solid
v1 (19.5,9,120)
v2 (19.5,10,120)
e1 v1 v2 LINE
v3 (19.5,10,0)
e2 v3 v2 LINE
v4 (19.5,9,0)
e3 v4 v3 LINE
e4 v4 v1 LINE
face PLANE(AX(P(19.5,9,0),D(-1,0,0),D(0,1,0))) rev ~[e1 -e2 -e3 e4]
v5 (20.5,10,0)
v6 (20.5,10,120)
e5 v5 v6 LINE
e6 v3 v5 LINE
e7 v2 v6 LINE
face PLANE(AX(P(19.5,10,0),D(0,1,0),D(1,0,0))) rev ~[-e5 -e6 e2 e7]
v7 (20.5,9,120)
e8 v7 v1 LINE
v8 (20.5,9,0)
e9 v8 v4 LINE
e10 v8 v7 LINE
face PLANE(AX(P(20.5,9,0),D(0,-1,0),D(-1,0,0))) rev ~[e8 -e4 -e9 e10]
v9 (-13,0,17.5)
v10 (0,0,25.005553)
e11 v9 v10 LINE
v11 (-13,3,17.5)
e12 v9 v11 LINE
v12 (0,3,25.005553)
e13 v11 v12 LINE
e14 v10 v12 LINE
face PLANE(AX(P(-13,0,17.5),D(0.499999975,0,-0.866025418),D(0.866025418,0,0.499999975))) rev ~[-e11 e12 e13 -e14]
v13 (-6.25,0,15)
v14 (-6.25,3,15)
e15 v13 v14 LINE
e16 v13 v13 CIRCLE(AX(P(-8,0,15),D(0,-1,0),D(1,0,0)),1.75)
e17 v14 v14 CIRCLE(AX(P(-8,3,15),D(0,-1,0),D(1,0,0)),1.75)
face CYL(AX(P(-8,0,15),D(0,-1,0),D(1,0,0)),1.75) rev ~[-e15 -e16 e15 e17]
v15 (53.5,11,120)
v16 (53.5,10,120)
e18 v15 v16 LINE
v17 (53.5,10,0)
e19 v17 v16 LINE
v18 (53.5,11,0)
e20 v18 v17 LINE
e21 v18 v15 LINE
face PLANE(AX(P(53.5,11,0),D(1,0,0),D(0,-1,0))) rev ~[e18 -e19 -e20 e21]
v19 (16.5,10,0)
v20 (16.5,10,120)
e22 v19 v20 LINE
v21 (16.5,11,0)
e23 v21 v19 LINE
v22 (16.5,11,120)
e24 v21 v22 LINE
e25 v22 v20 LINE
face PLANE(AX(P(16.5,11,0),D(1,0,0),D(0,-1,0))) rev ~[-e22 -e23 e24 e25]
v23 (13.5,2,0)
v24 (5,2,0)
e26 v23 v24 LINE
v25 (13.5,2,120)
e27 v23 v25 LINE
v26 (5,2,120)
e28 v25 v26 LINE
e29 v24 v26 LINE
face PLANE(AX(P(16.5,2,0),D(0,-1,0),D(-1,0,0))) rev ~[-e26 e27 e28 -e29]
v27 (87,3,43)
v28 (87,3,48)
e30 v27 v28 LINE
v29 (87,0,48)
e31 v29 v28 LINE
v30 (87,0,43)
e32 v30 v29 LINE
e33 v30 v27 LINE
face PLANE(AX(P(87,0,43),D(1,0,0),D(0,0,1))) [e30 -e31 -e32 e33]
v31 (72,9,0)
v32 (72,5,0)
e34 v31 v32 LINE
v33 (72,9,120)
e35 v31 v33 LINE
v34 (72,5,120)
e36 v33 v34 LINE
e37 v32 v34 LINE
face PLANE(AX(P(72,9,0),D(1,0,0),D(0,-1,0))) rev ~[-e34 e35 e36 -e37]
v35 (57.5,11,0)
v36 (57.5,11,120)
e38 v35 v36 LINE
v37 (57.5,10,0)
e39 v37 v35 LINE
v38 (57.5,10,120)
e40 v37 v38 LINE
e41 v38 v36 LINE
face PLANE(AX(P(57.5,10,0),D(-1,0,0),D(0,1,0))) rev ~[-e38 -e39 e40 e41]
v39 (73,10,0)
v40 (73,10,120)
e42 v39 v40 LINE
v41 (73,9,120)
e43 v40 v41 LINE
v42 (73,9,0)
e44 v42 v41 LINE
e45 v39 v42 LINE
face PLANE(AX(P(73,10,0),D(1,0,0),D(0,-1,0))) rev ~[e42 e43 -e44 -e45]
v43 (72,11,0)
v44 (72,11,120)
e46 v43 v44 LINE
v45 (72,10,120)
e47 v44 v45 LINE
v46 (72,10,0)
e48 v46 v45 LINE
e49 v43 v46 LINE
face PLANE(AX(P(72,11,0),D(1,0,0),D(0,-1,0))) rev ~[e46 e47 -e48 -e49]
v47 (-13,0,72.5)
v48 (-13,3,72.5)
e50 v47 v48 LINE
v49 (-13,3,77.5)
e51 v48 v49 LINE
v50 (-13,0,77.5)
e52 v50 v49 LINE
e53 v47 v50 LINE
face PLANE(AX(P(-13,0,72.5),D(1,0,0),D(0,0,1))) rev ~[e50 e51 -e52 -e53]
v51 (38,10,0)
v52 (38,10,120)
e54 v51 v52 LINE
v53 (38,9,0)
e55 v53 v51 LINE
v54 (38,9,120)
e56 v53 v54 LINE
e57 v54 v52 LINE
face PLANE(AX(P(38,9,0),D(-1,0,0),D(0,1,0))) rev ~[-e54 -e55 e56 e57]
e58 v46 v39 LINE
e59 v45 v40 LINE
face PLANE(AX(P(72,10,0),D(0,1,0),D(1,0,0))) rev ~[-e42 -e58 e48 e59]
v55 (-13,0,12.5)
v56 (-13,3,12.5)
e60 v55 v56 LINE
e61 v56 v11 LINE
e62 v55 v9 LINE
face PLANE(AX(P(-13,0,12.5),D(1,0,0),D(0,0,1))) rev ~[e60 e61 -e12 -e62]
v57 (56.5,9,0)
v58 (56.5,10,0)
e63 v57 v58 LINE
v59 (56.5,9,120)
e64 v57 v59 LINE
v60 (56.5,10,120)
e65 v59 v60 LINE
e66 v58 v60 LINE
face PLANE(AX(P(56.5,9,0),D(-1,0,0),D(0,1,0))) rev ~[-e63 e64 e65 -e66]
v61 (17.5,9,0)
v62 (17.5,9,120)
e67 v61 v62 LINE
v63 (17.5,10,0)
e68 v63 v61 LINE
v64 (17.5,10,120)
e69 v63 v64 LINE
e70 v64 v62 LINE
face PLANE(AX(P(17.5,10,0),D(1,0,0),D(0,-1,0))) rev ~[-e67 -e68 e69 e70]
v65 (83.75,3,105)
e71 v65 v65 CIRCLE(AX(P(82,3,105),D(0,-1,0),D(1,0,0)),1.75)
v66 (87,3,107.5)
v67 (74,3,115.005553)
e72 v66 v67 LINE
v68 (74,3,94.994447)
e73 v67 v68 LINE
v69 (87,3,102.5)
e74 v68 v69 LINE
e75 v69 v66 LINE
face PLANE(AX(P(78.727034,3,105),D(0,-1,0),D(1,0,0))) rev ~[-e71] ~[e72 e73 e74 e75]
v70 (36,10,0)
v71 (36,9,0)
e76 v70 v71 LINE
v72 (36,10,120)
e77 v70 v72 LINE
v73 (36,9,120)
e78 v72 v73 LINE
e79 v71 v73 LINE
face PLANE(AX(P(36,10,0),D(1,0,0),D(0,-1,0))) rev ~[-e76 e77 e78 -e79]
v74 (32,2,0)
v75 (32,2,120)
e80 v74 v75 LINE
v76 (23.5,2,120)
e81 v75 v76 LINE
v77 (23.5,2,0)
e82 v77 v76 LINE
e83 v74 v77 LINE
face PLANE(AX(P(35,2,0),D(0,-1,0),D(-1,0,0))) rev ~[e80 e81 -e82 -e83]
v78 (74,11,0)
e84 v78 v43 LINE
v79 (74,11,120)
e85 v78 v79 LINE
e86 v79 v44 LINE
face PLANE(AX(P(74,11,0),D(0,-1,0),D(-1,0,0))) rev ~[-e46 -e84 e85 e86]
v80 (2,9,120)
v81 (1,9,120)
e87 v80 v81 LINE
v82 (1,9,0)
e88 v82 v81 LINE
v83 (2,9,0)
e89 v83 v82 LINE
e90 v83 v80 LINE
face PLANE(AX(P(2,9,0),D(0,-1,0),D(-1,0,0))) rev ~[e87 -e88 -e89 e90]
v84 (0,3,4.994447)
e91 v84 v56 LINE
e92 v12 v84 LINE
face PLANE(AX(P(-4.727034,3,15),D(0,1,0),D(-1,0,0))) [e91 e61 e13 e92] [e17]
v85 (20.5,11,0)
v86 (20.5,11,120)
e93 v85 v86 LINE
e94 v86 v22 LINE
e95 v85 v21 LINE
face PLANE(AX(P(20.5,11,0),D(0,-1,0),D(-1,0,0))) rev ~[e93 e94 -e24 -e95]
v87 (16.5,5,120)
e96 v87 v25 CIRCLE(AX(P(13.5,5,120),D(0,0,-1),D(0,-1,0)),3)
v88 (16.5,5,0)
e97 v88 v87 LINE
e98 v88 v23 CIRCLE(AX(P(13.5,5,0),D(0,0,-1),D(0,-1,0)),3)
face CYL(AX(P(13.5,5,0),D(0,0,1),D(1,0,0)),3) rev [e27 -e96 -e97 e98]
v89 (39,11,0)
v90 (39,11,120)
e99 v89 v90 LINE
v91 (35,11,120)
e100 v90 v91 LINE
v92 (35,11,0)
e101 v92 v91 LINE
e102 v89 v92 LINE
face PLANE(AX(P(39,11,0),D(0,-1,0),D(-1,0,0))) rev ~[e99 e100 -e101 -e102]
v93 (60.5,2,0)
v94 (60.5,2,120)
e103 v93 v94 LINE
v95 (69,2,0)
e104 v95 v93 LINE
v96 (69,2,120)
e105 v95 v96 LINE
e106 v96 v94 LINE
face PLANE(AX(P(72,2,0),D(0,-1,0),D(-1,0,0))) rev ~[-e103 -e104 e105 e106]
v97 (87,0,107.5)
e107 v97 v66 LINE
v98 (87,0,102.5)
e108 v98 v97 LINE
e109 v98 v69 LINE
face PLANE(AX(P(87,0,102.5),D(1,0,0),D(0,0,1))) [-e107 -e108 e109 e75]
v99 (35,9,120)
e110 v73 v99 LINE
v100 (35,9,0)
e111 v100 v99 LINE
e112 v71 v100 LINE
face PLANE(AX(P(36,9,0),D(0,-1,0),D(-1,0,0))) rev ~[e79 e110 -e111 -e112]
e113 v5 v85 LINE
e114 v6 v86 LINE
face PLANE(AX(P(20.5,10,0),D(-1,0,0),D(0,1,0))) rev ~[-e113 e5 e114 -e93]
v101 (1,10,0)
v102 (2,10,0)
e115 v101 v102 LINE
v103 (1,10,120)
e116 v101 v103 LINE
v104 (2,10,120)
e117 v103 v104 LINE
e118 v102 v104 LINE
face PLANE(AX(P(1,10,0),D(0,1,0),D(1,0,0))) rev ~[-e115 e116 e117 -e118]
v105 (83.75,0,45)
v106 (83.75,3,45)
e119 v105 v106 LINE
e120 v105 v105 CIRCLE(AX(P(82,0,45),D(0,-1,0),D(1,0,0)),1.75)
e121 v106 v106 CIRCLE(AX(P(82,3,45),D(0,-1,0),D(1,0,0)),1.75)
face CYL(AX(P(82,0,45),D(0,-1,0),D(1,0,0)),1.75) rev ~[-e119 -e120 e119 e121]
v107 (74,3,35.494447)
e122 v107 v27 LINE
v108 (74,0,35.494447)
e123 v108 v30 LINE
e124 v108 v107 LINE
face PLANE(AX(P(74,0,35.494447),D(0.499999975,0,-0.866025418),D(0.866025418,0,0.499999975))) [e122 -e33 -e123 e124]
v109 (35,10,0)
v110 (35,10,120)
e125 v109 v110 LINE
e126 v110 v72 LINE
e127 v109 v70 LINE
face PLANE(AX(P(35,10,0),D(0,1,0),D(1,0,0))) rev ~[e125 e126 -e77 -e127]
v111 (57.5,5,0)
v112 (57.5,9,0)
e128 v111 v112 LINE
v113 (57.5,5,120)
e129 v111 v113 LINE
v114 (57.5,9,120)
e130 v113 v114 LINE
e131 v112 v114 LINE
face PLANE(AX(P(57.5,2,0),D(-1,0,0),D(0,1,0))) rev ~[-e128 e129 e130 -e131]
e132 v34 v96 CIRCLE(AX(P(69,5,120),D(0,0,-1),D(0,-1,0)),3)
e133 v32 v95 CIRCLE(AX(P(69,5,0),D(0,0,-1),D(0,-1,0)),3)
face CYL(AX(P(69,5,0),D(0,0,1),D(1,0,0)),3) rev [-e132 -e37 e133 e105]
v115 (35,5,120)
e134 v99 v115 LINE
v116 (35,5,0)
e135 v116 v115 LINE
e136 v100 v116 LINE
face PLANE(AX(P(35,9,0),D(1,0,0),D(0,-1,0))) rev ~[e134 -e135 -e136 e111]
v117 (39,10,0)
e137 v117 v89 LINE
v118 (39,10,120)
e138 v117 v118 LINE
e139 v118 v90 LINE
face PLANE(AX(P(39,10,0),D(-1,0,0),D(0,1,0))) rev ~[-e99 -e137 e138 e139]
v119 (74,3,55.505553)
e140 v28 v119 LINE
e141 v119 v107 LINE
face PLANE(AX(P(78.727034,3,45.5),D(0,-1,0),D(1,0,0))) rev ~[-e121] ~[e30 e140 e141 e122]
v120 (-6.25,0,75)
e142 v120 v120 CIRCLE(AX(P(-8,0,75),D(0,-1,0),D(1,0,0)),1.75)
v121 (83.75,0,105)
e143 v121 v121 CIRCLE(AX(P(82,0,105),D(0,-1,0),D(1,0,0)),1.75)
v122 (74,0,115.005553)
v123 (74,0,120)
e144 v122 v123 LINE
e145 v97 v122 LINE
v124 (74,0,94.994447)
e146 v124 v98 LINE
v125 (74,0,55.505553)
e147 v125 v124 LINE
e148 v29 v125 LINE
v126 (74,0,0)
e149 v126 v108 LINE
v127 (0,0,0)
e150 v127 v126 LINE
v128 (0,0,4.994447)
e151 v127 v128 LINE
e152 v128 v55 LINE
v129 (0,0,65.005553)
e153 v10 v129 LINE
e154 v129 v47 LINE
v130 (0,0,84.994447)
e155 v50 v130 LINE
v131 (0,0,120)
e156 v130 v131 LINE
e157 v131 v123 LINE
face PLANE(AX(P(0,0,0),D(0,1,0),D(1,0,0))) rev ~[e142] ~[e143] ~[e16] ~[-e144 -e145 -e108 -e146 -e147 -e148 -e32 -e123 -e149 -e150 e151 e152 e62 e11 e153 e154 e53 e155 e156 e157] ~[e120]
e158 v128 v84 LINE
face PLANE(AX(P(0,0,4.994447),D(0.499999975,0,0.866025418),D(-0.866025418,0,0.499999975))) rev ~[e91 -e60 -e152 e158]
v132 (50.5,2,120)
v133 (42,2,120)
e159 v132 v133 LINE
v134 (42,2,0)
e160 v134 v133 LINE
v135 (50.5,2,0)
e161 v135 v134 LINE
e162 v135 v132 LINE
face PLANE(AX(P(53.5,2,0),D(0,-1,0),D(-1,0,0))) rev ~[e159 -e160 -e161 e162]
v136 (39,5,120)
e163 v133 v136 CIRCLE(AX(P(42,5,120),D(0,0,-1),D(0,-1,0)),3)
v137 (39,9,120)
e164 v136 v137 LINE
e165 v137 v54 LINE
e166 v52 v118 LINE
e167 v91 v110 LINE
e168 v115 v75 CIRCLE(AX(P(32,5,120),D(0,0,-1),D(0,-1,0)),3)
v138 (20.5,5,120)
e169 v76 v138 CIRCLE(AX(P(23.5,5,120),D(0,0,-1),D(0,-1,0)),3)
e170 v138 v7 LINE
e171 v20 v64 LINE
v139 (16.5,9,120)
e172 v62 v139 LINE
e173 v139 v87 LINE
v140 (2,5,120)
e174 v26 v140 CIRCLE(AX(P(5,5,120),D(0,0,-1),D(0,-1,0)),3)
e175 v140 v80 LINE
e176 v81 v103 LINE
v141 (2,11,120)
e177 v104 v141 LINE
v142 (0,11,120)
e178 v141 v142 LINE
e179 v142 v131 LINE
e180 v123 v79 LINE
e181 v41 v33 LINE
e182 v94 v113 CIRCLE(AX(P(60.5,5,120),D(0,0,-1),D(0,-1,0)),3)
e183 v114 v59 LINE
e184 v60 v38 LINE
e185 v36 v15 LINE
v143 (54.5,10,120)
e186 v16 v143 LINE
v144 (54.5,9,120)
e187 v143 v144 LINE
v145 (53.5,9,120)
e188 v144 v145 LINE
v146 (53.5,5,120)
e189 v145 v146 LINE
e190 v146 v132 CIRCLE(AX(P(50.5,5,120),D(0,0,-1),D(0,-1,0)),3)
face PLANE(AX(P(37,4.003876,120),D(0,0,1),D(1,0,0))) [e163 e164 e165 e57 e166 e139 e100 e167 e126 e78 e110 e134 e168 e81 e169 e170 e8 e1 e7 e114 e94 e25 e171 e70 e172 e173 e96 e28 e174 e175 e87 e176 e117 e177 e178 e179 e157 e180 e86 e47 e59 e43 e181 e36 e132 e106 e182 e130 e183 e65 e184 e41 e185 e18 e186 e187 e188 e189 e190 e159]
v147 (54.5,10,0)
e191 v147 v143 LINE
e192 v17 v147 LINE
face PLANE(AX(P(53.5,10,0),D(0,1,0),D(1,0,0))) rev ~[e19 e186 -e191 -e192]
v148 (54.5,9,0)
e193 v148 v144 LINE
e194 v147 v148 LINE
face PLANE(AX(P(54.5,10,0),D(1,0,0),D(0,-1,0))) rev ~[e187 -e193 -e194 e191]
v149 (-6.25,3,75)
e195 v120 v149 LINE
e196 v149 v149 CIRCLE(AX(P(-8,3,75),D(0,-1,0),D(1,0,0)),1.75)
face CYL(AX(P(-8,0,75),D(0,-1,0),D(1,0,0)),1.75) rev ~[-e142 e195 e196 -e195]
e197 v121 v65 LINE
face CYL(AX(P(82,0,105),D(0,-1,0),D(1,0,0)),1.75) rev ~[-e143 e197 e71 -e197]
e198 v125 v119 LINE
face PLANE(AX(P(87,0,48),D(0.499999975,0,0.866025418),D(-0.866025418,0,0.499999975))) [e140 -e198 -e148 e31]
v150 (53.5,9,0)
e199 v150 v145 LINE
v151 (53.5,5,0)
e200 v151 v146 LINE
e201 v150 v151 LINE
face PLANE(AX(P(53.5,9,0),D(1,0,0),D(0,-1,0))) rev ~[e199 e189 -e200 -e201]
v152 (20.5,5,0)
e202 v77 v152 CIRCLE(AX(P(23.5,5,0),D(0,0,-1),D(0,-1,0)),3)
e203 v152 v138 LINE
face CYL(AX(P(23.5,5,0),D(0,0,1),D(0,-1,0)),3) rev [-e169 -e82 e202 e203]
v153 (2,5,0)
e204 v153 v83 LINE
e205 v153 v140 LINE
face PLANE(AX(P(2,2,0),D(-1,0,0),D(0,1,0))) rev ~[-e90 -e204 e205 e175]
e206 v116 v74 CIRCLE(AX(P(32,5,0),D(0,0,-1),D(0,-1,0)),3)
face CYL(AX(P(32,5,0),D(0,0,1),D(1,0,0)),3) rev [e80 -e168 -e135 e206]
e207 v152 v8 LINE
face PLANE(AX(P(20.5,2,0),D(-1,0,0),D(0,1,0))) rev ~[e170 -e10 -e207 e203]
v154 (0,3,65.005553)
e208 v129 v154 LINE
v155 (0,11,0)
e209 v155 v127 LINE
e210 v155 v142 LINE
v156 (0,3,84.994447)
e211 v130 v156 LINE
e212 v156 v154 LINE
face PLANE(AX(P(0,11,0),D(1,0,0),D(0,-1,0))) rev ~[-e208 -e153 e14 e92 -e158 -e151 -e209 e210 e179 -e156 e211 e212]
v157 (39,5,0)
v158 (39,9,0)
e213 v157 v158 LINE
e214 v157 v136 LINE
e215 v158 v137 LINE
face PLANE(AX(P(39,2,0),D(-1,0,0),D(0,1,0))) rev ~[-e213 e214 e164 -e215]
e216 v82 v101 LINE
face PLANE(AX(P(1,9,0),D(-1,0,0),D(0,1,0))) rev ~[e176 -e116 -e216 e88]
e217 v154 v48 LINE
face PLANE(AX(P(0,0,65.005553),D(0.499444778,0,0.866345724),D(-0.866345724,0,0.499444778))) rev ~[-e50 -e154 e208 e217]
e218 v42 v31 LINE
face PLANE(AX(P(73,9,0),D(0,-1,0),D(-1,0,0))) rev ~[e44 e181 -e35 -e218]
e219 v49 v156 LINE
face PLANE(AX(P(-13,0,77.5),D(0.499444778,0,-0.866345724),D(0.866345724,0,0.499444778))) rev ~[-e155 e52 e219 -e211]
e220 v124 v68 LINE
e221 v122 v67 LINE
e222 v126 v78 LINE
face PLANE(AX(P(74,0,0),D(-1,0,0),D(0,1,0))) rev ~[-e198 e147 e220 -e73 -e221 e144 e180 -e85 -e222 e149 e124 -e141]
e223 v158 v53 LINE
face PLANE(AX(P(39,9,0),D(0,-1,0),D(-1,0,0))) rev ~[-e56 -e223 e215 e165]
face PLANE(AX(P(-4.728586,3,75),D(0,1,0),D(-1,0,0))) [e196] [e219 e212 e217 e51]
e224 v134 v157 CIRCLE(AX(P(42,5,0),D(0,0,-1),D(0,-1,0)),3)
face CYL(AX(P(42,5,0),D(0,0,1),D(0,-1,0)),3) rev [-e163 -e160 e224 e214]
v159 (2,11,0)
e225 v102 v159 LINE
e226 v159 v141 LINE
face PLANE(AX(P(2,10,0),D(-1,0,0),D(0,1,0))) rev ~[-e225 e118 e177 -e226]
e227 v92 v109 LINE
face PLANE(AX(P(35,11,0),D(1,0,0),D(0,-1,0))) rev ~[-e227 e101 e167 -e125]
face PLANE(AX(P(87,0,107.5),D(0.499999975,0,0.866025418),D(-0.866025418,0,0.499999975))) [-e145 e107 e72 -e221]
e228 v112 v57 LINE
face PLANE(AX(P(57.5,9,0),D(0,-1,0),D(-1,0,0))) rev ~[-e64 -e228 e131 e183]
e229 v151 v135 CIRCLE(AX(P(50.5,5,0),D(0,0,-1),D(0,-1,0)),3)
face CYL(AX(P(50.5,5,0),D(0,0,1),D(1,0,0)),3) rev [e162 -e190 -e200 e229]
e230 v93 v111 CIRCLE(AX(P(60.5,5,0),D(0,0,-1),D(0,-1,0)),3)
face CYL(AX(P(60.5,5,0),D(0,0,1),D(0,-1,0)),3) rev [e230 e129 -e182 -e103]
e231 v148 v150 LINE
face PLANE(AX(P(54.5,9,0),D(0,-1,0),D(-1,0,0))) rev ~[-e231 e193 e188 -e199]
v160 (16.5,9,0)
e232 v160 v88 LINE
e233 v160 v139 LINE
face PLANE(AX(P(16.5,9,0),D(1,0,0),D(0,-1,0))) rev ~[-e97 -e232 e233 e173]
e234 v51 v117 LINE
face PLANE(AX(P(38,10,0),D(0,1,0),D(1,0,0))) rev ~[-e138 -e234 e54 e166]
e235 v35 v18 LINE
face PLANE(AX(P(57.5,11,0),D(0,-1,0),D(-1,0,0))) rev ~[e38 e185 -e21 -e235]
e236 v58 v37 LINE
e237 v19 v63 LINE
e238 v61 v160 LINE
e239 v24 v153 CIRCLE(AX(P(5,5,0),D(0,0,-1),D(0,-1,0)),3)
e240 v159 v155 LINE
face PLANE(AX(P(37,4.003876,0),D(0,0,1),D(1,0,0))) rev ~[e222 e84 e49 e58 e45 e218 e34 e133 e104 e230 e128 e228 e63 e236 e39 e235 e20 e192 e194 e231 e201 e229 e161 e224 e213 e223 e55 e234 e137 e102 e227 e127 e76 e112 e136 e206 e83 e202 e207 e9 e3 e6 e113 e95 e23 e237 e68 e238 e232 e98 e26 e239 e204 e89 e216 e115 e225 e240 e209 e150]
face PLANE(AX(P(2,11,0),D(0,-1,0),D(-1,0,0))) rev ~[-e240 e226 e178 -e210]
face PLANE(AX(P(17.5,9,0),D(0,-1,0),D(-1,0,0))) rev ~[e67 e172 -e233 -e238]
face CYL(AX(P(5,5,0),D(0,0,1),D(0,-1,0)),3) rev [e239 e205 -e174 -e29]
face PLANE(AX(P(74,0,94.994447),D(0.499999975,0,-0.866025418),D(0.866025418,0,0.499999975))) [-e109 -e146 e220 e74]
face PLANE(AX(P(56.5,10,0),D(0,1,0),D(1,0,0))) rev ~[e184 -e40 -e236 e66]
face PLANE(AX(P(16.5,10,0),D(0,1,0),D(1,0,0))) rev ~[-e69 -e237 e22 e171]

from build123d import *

# Parameters (mm, degrees)
PAD_DEPTH    = 120
SKETCH001_R  = 1.75
PAD001_DEPTH = 3
FILLET_R     = 3


with BuildPart() as part:
    # Sketch → Pad (new body)
    with BuildSketch(Plane.XY):
        Polygon((0, 0), (74, 0), (74, 11), (72, 11), (72, 10), (73, 10), (73, 9), (72, 9), (72, 2), (57.5, 2), (57.5, 9), (56.5, 9), (56.5, 10), (57.5, 10), (57.5, 11), (53.5, 11), (53.5, 10), (54.5, 10), (54.5, 9), (53.5, 9), (53.5, 2), (39, 2), (39, 9), (38, 9), (38, 10), (39, 10), (39, 11), (35, 11), (35, 10), (36, 10), (36, 9), (35, 9), (35, 2), (20.5, 2), (20.5, 9), (19.5, 9), (19.5, 10), (20.5, 10), (20.5, 11), (16.5, 11), (16.5, 10), (17.5, 10), (17.5, 9), (16.5, 9), (16.5, 2), (2, 2), (2, 9), (1, 9), (1, 10), (2, 10), (2, 11), (0, 11), align=None)
    extrude(amount=PAD_DEPTH)

    # Sketch001 → Pad001 (join)
    with BuildSketch(Plane.XZ):
        Polygon((0, 4.994447), (-13, 12.5), (-13, 17.5), (0, 25.005553), align=None)
        with Locations((-8, 15)):
            Circle(SKETCH001_R, mode=Mode.SUBTRACT)
        Polygon((0, 65.005553), (-13, 72.5), (-13, 77.5), (0, 84.994447), align=None)
        with Locations((-8, 75)):
            Circle(SKETCH001_R, mode=Mode.SUBTRACT)
        Polygon((74, 35.494447), (87, 43), (87, 48), (74, 55.505553), align=None)
        with Locations((82, 45)):
            Circle(SKETCH001_R, mode=Mode.SUBTRACT)
        Polygon((74, 94.994447), (87, 102.5), (87, 107.5), (74, 115.005553), align=None)
        with Locations((82, 105)):
            Circle(SKETCH001_R, mode=Mode.SUBTRACT)
    extrude(amount=-PAD001_DEPTH)

    # Fillet
    fillet_edges = [part.edges().sort_by_distance(p)[0] for p in [
        (39, 2, 60),
        (57.5, 2, 60),
        (72, 2, 60),
        (53.5, 2, 60),
        (2, 2, 60),
        (20.5, 2, 60),
        (16.5, 2, 60),
        (35, 2, 60),
    ]]
    fillet(fillet_edges, radius=FILLET_R)


solid = part.part
